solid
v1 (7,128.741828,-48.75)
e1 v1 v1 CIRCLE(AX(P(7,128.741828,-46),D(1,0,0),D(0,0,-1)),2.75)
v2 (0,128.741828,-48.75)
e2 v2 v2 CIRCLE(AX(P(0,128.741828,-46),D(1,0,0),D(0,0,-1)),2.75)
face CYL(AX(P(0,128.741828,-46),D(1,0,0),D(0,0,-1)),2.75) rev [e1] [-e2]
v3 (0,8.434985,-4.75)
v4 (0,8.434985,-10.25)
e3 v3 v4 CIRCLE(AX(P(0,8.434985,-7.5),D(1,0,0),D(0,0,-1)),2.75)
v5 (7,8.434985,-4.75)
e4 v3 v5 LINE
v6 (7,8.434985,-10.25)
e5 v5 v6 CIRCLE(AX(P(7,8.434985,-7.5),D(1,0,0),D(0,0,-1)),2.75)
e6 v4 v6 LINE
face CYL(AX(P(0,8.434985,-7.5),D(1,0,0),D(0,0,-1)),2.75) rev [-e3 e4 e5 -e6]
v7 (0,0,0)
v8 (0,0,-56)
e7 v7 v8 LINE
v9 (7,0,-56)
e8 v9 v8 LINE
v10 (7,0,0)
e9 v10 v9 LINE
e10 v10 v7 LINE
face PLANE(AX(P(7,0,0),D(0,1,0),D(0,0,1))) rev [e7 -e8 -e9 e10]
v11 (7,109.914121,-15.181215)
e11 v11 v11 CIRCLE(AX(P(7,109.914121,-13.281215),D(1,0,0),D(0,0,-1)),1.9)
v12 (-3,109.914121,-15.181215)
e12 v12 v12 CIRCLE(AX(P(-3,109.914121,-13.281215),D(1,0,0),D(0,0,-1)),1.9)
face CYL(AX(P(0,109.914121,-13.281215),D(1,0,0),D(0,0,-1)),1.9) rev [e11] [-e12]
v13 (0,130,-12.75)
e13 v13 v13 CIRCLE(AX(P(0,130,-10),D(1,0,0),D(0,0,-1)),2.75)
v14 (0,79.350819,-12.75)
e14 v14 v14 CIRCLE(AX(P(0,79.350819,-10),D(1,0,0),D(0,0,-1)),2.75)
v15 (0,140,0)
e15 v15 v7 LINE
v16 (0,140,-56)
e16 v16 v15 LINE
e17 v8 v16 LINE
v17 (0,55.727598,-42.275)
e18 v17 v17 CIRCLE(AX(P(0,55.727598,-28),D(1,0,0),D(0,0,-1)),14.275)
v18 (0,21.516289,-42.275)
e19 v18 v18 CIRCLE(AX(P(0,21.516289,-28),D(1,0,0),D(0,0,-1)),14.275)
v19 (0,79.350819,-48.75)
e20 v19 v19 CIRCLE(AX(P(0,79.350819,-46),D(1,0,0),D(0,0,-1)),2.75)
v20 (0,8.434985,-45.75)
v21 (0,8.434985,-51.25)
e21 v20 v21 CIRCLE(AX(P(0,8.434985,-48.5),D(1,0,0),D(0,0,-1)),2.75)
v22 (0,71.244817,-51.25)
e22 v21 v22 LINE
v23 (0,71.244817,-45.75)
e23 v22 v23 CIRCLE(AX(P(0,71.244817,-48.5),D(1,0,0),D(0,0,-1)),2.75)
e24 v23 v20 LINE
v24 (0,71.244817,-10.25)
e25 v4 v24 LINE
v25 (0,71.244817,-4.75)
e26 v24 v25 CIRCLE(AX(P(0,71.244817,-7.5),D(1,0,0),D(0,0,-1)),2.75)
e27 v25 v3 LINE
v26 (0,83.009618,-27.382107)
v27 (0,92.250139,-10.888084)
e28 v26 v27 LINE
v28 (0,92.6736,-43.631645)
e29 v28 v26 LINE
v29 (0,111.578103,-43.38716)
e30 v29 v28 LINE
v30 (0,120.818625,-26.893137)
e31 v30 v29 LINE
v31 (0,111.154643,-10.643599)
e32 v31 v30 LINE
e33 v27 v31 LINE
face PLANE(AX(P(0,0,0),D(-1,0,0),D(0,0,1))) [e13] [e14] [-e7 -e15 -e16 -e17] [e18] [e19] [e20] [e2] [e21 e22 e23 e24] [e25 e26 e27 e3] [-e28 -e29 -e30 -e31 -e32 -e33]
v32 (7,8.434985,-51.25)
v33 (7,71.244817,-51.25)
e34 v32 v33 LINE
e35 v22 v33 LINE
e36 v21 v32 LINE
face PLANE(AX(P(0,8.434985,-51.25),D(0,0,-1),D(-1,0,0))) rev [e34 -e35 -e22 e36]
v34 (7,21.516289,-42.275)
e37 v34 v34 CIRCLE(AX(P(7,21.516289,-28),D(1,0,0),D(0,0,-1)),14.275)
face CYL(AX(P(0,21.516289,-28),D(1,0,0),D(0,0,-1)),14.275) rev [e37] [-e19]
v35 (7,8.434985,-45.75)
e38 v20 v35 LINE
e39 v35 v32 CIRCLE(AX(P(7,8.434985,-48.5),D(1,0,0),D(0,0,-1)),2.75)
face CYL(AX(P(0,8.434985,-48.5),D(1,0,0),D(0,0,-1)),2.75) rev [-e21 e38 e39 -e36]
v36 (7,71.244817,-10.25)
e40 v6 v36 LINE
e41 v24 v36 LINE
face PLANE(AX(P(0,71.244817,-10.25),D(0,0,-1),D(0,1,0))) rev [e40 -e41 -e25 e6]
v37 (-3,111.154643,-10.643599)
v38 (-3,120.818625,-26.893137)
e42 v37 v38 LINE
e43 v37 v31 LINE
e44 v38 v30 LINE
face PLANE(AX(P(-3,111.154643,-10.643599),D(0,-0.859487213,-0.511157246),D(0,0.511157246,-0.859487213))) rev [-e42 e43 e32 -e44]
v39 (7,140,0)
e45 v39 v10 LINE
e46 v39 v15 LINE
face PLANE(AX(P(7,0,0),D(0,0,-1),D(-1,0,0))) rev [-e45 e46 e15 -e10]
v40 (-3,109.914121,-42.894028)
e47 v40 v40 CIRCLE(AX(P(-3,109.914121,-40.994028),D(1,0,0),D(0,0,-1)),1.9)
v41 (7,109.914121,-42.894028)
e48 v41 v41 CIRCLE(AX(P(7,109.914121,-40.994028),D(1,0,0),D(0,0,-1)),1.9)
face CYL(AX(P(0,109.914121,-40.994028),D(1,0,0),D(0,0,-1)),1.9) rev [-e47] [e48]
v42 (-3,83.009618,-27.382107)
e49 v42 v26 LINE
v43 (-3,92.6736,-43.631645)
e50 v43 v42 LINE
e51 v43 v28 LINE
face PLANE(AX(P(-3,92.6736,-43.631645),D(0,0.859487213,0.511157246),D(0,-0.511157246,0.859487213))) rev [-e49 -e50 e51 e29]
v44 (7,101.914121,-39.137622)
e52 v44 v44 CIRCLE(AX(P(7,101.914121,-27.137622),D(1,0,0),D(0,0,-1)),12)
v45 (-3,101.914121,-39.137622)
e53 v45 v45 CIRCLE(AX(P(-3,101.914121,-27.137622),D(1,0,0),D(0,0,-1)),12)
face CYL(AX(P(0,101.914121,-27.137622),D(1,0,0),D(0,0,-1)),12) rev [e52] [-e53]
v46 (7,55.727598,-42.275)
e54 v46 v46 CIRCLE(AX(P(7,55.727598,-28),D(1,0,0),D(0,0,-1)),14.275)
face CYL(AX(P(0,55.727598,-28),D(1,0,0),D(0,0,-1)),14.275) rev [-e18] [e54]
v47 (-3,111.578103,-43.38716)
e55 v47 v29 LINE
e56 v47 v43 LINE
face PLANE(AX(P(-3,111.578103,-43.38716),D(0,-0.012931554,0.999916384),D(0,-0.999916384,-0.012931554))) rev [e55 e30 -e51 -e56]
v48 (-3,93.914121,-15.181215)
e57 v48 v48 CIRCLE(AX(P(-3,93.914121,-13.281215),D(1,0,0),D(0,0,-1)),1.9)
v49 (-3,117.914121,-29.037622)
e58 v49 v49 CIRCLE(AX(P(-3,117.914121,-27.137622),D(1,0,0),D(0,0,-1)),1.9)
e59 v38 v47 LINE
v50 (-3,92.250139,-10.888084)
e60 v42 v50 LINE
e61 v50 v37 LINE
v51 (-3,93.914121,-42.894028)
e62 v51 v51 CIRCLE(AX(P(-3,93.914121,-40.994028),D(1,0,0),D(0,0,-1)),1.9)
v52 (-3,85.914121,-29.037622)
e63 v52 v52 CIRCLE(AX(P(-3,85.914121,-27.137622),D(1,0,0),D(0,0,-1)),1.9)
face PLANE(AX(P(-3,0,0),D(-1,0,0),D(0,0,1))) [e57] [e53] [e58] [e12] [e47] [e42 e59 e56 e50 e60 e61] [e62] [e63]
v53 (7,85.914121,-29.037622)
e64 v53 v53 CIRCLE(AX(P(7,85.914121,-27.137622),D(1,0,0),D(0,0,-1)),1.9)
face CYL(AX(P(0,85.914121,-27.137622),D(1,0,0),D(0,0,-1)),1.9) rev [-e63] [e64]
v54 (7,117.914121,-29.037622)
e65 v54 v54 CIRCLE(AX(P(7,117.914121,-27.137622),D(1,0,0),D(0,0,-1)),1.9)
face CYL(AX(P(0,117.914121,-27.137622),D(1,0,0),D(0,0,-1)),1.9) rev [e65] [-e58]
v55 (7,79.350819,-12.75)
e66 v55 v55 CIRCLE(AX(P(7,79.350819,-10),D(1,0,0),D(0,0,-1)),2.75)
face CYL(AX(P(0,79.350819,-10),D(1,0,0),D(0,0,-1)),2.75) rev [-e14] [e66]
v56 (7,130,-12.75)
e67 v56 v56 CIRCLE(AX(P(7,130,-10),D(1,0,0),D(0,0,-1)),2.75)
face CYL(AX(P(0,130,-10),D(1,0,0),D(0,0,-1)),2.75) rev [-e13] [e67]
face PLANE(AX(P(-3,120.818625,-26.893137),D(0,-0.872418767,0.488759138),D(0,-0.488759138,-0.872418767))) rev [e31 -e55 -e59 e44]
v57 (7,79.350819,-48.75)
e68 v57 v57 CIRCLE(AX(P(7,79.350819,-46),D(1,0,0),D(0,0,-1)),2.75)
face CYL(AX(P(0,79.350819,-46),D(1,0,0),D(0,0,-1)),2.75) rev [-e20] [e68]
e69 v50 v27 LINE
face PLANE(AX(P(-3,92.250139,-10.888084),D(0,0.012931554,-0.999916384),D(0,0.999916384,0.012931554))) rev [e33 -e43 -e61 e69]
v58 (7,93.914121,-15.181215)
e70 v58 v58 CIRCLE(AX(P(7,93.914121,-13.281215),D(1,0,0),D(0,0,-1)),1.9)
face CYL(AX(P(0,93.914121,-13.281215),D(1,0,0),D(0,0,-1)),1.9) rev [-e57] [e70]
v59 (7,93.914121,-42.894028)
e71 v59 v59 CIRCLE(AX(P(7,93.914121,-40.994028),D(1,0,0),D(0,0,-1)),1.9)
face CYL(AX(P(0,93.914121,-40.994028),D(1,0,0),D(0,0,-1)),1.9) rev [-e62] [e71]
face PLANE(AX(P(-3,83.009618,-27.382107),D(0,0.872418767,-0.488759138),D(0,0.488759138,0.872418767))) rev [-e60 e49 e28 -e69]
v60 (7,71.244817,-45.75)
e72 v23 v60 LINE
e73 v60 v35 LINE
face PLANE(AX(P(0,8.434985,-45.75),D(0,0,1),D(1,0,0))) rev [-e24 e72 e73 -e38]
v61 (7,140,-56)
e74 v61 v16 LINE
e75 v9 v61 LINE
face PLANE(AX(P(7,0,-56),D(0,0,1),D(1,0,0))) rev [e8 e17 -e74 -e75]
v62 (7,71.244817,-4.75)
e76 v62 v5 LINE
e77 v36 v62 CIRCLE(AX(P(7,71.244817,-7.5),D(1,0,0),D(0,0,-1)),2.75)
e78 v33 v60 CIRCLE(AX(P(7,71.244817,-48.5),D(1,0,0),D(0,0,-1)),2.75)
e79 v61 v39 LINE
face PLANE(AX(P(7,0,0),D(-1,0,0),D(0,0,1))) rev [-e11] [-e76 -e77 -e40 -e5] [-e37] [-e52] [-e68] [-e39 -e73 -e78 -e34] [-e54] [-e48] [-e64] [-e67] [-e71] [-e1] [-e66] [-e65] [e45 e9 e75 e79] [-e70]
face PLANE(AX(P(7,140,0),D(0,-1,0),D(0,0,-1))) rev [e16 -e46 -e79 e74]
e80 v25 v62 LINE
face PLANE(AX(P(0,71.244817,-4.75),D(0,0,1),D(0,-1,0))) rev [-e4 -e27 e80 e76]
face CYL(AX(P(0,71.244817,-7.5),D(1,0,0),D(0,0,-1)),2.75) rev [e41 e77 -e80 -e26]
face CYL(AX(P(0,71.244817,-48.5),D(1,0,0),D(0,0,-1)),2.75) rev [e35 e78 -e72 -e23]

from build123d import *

# Parameters (mm, degrees)
SKETCH1_W           = 56
SKETCH1_H           = 140
BOSS_EXTRUDE1_DEPTH = 7
SKETCH2_R           = 14.275
SKETCH2_R_2         = 12
SKETCH2_R_3         = 1.9
CUT_EXTRUDE1_DEPTH  = 8
CUT_EXTRUDE2_DEPTH  = 8
SKETCH4_R           = 2.75
CUT_EXTRUDE3_DEPTH  = 8
BOSS_EXTRUDE3_DEPTH = 3
SKETCH8_R           = 1.9
SKETCH8_R_2         = 12
CUT_EXTRUDE5_DEPTH  = 4


with BuildPart() as part:
    # Sketch1 → Boss-Extrude1 (new body)
    with BuildSketch(Plane(origin=(0, 0, 0), x_dir=(0, 0, -1), z_dir=(1, 0, 0))):
        with Locations((28, 70)):
            Rectangle(SKETCH1_W, SKETCH1_H)
    extrude(amount=BOSS_EXTRUDE1_DEPTH)

    # Sketch2 → Cut-Extrude1 (cut, through all)
    with BuildSketch(Plane(origin=(7, 0, 0), x_dir=(0, 0, -1), z_dir=(1, 0, 0))):
        with Locations((28, 21.516289278)):
            Circle(SKETCH2_R)
        with Locations((28, 55.727598477)):
            Circle(SKETCH2_R)
        with Locations((27.137621846, 101.914121241)):
            Circle(SKETCH2_R_2)
        with Locations((40.994028307, 109.914121241)):
            Circle(SKETCH2_R_3)
        with Locations((27.137621846, 117.914121241)):
            Circle(SKETCH2_R_3)
        with Locations((13.281215386, 109.914121241)):
            Circle(SKETCH2_R_3)
        with Locations((40.994028307, 93.914121241)):
            Circle(SKETCH2_R_3)
        with Locations((27.137621846, 85.914121241)):
            Circle(SKETCH2_R_3)
        with Locations((13.281215386, 93.914121241)):
            Circle(SKETCH2_R_3)
    extrude(amount=-CUT_EXTRUDE1_DEPTH, mode=Mode.SUBTRACT)

    # Sketch3 → Cut-Extrude2 (cut, through all)
    with BuildSketch(Plane(origin=(7, 0, 0), x_dir=(0, 0, -1), z_dir=(1, 0, 0))):
        with BuildLine():
            Line((10.25, 71.244817418), (10.25, 8.434985259))
            ThreePointArc((10.25, 8.434985259), (7.5, 5.684985259), (4.75, 8.434985259))
            Line((4.75, 8.434985259), (4.75, 71.244817418))
            ThreePointArc((4.75, 71.244817418), (7.5, 73.994817418), (10.25, 71.244817418))
        make_face()
        with BuildLine():
            Line((45.75, 8.434985259), (45.75, 71.244817418))
            ThreePointArc((45.75, 71.244817418), (48.5, 73.994817418), (51.25, 71.244817418))
            Line((51.25, 71.244817418), (51.25, 8.434985259))
            ThreePointArc((51.25, 8.434985259), (48.5, 5.684985259), (45.75, 8.434985259))
        make_face()
    extrude(amount=-CUT_EXTRUDE2_DEPTH, mode=Mode.SUBTRACT)

    # Sketch4 → Cut-Extrude3 (cut, through all)
    with BuildSketch(Plane(origin=(7, 0, 0), x_dir=(0, 0, -1), z_dir=(1, 0, 0))):
        with Locations((10, 130)):
            Circle(SKETCH4_R)
        with Locations((46, 128.741828228)):
            Circle(SKETCH4_R)
        with Locations((46, 79.350819397)):
            Circle(SKETCH4_R)
        with Locations((10, 79.350819397)):
            Circle(SKETCH4_R)
    extrude(amount=-CUT_EXTRUDE3_DEPTH, mode=Mode.SUBTRACT)

    # Sketch7 → Boss-Extrude3 (add)
    with BuildSketch(Plane.ZY):
        Polygon((-10.64359884, 111.154642842), (-26.893136794, 120.818624975), (-43.3871598, 111.578103374), (-43.631644852, 92.673599639), (-27.382106898, 83.009617506), (-10.888083892, 92.250139107), align=None)
    extrude(amount=BOSS_EXTRUDE3_DEPTH)

    # Sketch8 → Cut-Extrude5 (cut, through all)
    with BuildSketch(Plane(origin=(0, 0, 0), x_dir=(0, 0, -1), z_dir=(1, 0, 0))):
        with Locations((13.281215386, 109.914121241)):
            Circle(SKETCH8_R)
        with Locations((13.281215386, 93.914121241)):
            Circle(SKETCH8_R)
        with Locations((27.137621846, 85.914121241)):
            Circle(SKETCH8_R)
        with Locations((40.994028307, 93.914121241)):
            Circle(SKETCH8_R)
        with Locations((40.994028307, 109.914121241)):
            Circle(SKETCH8_R)
        with Locations((27.137621846, 117.914121241)):
            Circle(SKETCH8_R)
        with Locations((27.137621846, 101.914121241)):
            Circle(SKETCH8_R_2)
    extrude(amount=-CUT_EXTRUDE5_DEPTH, mode=Mode.SUBTRACT)


solid = part.part
